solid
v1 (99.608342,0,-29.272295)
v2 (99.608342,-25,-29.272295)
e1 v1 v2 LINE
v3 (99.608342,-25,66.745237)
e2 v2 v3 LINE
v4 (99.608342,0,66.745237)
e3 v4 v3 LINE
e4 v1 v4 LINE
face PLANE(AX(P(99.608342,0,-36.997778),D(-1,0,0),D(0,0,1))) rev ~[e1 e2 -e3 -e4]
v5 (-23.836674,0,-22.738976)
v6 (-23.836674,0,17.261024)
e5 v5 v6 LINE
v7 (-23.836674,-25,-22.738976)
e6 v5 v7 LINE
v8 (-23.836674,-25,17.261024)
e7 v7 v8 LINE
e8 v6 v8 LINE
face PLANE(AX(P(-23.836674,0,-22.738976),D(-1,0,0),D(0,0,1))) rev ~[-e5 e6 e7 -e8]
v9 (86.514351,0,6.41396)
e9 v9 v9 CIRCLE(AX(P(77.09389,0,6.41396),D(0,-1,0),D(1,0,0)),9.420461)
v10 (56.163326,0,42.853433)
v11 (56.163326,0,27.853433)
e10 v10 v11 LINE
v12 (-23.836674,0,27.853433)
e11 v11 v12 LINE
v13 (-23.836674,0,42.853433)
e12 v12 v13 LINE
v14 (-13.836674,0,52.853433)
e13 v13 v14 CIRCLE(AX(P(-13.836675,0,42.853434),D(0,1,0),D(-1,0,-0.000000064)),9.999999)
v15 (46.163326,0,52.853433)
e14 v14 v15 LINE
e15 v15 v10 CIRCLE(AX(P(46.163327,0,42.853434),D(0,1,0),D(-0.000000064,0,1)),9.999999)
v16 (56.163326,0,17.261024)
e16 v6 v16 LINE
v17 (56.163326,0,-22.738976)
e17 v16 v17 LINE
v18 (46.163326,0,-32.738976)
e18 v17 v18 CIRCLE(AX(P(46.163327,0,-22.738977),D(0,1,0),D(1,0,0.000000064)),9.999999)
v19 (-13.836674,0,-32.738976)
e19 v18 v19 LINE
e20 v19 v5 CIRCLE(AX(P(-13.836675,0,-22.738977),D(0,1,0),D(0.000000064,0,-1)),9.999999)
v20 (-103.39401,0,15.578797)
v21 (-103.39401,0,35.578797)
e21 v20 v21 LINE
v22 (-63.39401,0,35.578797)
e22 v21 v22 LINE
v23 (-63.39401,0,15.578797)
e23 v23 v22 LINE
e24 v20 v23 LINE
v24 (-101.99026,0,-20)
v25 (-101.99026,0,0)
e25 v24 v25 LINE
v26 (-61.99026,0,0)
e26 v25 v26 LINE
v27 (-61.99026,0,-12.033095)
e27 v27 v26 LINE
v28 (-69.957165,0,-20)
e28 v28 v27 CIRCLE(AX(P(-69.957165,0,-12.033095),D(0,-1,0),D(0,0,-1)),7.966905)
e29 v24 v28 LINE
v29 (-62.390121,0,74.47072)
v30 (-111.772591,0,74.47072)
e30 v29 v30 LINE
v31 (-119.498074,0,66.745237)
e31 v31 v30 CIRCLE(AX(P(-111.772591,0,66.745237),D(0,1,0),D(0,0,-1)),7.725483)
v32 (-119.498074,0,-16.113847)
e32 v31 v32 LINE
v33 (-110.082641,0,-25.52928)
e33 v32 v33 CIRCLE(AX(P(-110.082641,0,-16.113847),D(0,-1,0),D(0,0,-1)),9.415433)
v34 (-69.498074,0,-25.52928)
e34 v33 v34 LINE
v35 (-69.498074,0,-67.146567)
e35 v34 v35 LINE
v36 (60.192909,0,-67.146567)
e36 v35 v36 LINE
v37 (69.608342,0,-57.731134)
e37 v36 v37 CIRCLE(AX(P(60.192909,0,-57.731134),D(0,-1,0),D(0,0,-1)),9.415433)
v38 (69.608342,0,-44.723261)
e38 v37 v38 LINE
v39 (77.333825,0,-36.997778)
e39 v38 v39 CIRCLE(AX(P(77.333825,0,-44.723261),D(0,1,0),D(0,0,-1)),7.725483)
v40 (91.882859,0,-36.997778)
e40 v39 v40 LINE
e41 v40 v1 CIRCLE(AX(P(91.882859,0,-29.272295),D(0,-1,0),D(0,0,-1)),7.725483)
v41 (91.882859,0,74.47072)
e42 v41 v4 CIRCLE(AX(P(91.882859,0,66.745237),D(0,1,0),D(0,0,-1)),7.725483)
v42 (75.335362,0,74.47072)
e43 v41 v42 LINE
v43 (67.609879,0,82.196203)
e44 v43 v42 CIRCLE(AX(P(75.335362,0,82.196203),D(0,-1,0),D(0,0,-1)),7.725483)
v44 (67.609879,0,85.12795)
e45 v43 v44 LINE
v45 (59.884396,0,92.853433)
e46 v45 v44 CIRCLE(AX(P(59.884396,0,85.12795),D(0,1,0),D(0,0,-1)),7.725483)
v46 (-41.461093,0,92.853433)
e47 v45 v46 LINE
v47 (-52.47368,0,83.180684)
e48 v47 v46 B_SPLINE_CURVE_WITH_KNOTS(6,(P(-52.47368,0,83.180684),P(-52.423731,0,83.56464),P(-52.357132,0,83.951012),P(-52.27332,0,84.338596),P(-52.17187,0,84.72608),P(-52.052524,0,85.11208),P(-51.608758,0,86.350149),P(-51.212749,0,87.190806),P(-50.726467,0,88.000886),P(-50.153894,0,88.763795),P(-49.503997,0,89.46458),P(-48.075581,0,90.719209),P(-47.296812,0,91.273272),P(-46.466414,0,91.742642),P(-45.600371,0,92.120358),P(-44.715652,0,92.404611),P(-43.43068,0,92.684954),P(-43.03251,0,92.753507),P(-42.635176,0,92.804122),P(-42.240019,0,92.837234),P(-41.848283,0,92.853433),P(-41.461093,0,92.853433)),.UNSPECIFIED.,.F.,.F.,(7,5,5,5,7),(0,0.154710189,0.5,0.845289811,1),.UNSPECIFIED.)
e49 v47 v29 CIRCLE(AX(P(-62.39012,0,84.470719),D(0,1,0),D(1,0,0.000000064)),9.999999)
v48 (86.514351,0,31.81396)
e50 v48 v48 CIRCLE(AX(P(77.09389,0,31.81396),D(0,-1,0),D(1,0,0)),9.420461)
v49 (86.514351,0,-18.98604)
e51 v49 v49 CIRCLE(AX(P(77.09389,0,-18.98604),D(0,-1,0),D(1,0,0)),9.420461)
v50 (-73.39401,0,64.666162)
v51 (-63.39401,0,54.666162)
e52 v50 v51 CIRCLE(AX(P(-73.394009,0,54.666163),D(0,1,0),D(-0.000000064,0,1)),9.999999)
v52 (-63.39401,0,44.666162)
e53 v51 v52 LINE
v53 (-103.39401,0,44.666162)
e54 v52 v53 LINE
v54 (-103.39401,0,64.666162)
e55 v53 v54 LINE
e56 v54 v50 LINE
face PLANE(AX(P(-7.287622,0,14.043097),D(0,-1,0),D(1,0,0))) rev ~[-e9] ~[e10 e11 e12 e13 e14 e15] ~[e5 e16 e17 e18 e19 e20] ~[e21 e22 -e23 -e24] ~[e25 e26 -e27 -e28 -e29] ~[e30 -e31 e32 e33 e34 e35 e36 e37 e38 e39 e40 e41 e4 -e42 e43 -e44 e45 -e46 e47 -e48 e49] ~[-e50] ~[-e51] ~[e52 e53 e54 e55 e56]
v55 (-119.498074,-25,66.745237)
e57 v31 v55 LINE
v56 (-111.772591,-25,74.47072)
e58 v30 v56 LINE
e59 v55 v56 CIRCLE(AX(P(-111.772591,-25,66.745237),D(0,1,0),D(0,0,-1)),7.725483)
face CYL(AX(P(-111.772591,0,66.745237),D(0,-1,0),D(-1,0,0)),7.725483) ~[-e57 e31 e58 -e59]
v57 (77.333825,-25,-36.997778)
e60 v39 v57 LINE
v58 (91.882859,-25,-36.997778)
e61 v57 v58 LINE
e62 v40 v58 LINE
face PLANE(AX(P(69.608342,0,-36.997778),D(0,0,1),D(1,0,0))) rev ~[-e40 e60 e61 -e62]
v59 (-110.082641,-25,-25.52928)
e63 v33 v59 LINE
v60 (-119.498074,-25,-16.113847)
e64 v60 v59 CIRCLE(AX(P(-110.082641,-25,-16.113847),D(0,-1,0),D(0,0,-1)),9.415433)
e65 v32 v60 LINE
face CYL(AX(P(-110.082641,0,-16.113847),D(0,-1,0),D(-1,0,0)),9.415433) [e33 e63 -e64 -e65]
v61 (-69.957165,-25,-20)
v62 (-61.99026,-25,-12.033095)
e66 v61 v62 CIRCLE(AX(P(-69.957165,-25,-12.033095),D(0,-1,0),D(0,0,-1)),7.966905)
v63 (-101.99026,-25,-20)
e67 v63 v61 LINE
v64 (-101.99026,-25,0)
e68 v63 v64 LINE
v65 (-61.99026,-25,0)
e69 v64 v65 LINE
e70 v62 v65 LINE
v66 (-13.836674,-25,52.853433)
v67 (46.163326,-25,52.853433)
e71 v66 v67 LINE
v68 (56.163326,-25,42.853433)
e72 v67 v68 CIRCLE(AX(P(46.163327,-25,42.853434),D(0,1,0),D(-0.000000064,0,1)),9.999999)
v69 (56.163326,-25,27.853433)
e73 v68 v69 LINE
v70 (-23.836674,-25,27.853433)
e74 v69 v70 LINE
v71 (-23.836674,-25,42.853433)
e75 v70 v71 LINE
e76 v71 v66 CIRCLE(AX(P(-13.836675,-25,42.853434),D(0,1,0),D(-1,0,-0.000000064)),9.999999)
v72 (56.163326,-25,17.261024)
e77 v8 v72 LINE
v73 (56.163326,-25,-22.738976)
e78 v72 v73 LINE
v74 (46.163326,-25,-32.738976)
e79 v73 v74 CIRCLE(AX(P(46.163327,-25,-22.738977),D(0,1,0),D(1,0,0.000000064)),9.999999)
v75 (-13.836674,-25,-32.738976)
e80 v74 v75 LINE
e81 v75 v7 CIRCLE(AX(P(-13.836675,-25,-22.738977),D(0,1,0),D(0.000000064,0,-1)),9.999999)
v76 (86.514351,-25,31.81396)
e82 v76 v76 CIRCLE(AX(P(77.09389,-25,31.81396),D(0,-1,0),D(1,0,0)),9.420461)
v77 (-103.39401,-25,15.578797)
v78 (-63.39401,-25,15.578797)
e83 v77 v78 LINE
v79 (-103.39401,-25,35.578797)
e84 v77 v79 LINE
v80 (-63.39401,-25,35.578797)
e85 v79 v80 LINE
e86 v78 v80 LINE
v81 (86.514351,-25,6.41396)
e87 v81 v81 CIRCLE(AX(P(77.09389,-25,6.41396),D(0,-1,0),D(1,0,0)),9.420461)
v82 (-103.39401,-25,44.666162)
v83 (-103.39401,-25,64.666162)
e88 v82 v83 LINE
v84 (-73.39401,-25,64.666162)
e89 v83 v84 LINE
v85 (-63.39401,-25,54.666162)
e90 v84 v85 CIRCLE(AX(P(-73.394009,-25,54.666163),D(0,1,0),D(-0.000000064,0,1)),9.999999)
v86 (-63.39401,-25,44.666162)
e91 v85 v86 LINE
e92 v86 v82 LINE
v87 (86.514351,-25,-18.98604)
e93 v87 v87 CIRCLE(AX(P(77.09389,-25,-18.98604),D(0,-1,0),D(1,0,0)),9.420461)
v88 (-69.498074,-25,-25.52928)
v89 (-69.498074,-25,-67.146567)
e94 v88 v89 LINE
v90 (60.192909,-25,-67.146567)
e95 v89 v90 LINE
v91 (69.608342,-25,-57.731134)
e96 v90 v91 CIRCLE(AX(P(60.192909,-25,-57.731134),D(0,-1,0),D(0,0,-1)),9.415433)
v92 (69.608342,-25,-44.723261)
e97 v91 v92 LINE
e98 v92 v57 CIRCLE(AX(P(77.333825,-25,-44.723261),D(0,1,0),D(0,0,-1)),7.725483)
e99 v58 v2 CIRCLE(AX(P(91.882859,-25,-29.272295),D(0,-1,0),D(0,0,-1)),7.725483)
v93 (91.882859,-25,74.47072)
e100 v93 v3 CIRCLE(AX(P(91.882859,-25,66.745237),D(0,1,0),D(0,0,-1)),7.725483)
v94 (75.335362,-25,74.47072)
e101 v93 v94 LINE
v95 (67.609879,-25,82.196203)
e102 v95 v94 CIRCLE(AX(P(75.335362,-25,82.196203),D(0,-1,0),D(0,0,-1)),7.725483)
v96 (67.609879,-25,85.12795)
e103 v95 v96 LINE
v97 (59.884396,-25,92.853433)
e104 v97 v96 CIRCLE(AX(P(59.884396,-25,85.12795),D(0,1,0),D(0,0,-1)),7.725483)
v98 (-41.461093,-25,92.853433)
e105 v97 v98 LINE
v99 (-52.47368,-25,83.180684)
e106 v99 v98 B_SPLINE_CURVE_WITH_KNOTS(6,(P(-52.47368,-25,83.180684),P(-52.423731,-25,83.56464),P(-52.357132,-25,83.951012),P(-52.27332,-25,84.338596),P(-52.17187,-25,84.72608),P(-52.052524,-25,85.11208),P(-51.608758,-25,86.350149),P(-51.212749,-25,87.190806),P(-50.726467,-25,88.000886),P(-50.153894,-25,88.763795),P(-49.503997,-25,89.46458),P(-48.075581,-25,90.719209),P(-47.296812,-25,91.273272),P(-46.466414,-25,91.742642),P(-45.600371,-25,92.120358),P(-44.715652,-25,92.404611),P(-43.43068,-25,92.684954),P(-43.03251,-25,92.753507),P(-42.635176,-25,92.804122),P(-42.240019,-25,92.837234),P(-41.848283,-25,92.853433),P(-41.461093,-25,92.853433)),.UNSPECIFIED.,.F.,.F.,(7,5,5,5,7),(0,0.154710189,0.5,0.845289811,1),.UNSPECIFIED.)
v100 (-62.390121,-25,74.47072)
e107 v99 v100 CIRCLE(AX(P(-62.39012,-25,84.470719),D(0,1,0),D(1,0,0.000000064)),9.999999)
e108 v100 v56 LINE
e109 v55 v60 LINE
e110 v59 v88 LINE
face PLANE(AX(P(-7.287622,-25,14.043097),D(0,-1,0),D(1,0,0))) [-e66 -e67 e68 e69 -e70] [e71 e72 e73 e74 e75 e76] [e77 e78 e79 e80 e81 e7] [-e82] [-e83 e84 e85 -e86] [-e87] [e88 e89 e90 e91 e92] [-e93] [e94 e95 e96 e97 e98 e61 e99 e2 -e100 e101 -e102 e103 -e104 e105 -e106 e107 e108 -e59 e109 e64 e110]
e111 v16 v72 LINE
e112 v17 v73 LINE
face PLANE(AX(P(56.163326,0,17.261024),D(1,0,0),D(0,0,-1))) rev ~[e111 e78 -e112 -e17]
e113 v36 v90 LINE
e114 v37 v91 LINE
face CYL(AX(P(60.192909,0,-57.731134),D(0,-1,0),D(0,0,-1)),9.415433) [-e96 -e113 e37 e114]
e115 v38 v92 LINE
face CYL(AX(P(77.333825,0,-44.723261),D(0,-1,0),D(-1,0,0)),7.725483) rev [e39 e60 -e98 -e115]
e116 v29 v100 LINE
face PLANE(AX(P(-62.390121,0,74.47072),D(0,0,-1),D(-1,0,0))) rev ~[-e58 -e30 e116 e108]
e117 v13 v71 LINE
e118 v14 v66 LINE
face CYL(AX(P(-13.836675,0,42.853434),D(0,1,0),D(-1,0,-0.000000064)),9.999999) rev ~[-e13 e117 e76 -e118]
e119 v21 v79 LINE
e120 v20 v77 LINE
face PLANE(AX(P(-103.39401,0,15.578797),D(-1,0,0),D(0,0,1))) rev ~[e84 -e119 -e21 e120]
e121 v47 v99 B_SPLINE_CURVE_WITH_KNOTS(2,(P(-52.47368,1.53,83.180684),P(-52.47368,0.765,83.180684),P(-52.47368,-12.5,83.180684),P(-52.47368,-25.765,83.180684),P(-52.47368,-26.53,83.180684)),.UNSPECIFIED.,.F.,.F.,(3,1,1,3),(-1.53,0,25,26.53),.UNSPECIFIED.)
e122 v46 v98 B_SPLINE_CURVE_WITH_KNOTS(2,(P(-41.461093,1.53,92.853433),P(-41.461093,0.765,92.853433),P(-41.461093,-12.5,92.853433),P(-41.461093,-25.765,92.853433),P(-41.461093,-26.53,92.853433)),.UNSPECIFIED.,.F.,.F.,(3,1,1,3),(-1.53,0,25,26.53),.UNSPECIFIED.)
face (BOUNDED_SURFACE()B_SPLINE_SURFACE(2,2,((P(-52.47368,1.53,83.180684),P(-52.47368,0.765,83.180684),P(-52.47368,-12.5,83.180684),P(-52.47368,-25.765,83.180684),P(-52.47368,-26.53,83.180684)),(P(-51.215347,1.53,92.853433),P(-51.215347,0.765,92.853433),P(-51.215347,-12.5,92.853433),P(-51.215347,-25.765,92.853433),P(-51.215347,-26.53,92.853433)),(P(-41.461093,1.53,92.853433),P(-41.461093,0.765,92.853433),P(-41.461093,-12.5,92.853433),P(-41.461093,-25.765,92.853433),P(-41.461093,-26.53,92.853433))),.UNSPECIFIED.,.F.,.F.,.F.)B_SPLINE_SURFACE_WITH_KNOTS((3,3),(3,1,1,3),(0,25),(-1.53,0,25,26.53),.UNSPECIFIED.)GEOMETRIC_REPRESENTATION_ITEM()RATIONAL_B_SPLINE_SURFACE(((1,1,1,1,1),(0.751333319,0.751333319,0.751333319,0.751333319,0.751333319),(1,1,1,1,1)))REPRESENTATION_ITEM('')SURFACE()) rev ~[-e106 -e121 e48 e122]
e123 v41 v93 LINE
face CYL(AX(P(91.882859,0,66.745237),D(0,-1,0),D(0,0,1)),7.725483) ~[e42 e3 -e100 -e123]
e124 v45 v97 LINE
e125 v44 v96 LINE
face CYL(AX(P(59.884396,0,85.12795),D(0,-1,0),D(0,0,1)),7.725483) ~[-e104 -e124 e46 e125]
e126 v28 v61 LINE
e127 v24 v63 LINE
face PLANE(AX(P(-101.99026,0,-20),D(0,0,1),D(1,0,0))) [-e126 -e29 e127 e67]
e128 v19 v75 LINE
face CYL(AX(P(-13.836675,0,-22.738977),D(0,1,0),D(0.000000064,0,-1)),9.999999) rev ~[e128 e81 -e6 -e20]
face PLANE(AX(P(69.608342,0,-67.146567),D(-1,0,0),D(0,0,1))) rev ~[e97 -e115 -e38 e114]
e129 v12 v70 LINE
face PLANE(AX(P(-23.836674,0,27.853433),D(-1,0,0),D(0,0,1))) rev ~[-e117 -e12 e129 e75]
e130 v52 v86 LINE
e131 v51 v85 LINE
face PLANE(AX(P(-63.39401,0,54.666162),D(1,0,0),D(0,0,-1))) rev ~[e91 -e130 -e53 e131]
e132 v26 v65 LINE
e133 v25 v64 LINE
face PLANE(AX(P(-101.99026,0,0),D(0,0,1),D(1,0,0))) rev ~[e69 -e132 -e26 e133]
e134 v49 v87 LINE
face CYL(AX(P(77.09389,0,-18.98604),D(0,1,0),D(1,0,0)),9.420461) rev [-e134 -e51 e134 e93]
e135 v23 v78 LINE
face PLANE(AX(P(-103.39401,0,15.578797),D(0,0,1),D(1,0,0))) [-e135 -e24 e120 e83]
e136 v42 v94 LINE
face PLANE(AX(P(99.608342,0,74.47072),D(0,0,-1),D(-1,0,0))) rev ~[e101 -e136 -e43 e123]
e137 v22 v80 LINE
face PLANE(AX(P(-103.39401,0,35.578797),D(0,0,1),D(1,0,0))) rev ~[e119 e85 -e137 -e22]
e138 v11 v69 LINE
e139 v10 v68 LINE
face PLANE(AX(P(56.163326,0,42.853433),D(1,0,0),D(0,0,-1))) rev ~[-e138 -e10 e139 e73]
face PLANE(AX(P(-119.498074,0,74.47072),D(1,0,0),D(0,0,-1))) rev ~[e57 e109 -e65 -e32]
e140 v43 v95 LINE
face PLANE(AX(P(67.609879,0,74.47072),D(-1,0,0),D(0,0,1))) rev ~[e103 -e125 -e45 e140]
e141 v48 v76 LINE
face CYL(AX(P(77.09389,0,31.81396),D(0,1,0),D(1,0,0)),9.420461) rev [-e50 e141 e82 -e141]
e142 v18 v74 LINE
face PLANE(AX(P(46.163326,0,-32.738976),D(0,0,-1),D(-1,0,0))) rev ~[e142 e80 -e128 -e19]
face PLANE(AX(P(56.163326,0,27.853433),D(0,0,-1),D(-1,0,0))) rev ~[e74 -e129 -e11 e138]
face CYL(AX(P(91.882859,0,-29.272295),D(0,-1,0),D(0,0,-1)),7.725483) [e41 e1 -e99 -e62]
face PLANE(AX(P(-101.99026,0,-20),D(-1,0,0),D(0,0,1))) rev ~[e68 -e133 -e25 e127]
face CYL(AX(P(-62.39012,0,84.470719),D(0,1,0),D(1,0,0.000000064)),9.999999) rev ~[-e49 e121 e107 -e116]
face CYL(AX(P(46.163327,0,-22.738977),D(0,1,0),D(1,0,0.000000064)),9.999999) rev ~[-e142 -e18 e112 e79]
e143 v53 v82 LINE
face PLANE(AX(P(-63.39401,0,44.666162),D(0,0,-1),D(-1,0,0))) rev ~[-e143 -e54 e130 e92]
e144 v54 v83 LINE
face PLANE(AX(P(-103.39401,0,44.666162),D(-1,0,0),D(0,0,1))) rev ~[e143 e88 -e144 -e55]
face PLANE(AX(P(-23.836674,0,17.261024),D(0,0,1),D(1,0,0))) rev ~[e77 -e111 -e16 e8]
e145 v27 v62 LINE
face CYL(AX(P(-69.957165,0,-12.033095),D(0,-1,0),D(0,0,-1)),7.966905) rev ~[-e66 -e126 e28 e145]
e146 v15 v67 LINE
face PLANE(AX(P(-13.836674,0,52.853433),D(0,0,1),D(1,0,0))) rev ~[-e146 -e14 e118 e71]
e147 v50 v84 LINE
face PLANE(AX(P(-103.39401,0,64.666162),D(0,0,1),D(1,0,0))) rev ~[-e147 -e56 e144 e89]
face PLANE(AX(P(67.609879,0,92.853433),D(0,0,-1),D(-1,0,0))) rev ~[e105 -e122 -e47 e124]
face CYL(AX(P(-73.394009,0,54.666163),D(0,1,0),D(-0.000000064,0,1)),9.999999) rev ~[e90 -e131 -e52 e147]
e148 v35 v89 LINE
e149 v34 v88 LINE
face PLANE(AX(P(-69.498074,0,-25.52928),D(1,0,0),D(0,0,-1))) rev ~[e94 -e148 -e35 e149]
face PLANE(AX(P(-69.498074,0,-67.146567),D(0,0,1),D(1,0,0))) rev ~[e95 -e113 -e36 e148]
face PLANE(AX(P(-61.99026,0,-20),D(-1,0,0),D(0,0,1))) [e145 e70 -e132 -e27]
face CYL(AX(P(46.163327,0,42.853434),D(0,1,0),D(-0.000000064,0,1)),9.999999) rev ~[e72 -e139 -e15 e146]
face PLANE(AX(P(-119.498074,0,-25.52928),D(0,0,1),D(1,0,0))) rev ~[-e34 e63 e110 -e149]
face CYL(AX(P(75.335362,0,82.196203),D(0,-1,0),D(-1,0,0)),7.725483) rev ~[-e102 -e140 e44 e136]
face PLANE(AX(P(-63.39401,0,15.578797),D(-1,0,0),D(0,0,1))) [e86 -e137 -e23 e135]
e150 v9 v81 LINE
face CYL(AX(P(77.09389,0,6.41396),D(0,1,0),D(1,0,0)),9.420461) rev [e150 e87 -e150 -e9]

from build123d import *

# Parameters (mm, degrees)
F0_W     = 40
F0_H     = 20
F0_R     = 9.420461
F1_DEPTH = 25
F2_R     = 11.105382
F3_R     = 9.415433
F4_R     = 7.725483
F5_R     = 7.966905


with BuildPart() as f1:
    # F0 (on Front) → F1 (new body)
    with BuildSketch(Plane.XZ):
        with BuildLine():
            Line((-62.390121, 74.47072), (-119.498074, 74.47072))
            Line((-119.498074, 74.47072), (-119.498074, -25.52928))
            Line((-119.498074, -25.52928), (-69.498074, -25.52928))
            Line((-69.498074, -25.52928), (-69.498074, -67.146567))
            Line((-69.498074, -67.146567), (69.608342, -67.146567))
            Line((69.608342, -67.146567), (69.608342, -36.997778))
            Line((69.608342, -36.997778), (99.608342, -36.997778))
            Line((99.608342, -36.997778), (99.608342, 74.47072))
            Line((99.608342, 74.47072), (67.609879, 74.47072))
            Line((67.609879, 74.47072), (67.609879, 92.853433))
            Line((67.609879, 92.853433), (-52.390121, 92.853433))
            Line((-52.390121, 92.853433), (-52.390121, 84.47072))
            ThreePointArc((-52.390121, 84.47072), (-55.319053, 77.399652), (-62.390121, 74.47072))
        make_face()
        with Locations((-81.99026, -10)):
            Rectangle(F0_W, F0_H, mode=Mode.SUBTRACT)
        with BuildLine():
            Line((-23.836674, -22.738976), (-23.836674, 17.261024))
            Line((-23.836674, 17.261024), (56.163326, 17.261024))
            Line((56.163326, 17.261024), (56.163326, -22.738976))
            ThreePointArc((56.163326, -22.738976), (53.234394, -29.810044), (46.163326, -32.738976))
            Line((46.163326, -32.738976), (-13.836674, -32.738976))
            ThreePointArc((-13.836674, -32.738976), (-20.907742, -29.810044), (-23.836674, -22.738976))
        make_face(mode=Mode.SUBTRACT)
        with Locations((77.09389, -18.98604)):
            Circle(F0_R, mode=Mode.SUBTRACT)
        with Locations((77.09389, 6.41396)):
            Circle(F0_R, mode=Mode.SUBTRACT)
        with Locations((-83.39401, 25.578797)):
            Rectangle(F0_W, F0_H, mode=Mode.SUBTRACT)
        with BuildLine():
            Line((-103.39401, 44.666162), (-103.39401, 64.666162))
            Line((-103.39401, 64.666162), (-73.39401, 64.666162))
            ThreePointArc((-73.39401, 64.666162), (-66.322942, 61.73723), (-63.39401, 54.666162))
            Line((-63.39401, 54.666162), (-63.39401, 44.666162))
            Line((-63.39401, 44.666162), (-103.39401, 44.666162))
        make_face(mode=Mode.SUBTRACT)
        with BuildLine():
            Line((56.163326, 27.853433), (-23.836674, 27.853433))
            Line((-23.836674, 27.853433), (-23.836674, 42.853433))
            ThreePointArc((-23.836674, 42.853433), (-20.907742, 49.924501), (-13.836674, 52.853433))
            Line((-13.836674, 52.853433), (46.163326, 52.853433))
            ThreePointArc((46.163326, 52.853433), (53.234394, 49.924501), (56.163326, 42.853433))
            Line((56.163326, 42.853433), (56.163326, 27.853433))
        make_face(mode=Mode.SUBTRACT)
        with Locations((77.09389, 31.81396)):
            Circle(F0_R, mode=Mode.SUBTRACT)
    extrude(amount=F1_DEPTH)

    # F2
    f2_edges = [f1.edges().sort_by_distance(p)[0] for p in [
        (-52.390121, -12.5, 92.853433),
    ]]
    fillet(f2_edges, radius=F2_R)

    # F3
    f3_edges = [f1.edges().sort_by_distance(p)[0] for p in [
        (-119.498074, -12.5, -25.52928),
        (69.608342, -12.5, -67.146567),
    ]]
    fillet(f3_edges, radius=F3_R)

    # F4
    f4_edges = [f1.edges().sort_by_distance(p)[0] for p in [
        (67.609879, -12.5, 92.853433),
        (67.609879, -12.5, 74.47072),
        (99.608342, -12.5, 74.47072),
        (-119.498074, -12.5, 74.47072),
        (99.608342, -12.5, -36.997778),
        (69.608342, -12.5, -36.997778),
    ]]
    fillet(f4_edges, radius=F4_R)

    # F5
    f5_edges = [f1.edges().sort_by_distance(p)[0] for p in [
        (-61.99026, -12.5, -20),
    ]]
    fillet(f5_edges, radius=F5_R)


solid = f1.part
